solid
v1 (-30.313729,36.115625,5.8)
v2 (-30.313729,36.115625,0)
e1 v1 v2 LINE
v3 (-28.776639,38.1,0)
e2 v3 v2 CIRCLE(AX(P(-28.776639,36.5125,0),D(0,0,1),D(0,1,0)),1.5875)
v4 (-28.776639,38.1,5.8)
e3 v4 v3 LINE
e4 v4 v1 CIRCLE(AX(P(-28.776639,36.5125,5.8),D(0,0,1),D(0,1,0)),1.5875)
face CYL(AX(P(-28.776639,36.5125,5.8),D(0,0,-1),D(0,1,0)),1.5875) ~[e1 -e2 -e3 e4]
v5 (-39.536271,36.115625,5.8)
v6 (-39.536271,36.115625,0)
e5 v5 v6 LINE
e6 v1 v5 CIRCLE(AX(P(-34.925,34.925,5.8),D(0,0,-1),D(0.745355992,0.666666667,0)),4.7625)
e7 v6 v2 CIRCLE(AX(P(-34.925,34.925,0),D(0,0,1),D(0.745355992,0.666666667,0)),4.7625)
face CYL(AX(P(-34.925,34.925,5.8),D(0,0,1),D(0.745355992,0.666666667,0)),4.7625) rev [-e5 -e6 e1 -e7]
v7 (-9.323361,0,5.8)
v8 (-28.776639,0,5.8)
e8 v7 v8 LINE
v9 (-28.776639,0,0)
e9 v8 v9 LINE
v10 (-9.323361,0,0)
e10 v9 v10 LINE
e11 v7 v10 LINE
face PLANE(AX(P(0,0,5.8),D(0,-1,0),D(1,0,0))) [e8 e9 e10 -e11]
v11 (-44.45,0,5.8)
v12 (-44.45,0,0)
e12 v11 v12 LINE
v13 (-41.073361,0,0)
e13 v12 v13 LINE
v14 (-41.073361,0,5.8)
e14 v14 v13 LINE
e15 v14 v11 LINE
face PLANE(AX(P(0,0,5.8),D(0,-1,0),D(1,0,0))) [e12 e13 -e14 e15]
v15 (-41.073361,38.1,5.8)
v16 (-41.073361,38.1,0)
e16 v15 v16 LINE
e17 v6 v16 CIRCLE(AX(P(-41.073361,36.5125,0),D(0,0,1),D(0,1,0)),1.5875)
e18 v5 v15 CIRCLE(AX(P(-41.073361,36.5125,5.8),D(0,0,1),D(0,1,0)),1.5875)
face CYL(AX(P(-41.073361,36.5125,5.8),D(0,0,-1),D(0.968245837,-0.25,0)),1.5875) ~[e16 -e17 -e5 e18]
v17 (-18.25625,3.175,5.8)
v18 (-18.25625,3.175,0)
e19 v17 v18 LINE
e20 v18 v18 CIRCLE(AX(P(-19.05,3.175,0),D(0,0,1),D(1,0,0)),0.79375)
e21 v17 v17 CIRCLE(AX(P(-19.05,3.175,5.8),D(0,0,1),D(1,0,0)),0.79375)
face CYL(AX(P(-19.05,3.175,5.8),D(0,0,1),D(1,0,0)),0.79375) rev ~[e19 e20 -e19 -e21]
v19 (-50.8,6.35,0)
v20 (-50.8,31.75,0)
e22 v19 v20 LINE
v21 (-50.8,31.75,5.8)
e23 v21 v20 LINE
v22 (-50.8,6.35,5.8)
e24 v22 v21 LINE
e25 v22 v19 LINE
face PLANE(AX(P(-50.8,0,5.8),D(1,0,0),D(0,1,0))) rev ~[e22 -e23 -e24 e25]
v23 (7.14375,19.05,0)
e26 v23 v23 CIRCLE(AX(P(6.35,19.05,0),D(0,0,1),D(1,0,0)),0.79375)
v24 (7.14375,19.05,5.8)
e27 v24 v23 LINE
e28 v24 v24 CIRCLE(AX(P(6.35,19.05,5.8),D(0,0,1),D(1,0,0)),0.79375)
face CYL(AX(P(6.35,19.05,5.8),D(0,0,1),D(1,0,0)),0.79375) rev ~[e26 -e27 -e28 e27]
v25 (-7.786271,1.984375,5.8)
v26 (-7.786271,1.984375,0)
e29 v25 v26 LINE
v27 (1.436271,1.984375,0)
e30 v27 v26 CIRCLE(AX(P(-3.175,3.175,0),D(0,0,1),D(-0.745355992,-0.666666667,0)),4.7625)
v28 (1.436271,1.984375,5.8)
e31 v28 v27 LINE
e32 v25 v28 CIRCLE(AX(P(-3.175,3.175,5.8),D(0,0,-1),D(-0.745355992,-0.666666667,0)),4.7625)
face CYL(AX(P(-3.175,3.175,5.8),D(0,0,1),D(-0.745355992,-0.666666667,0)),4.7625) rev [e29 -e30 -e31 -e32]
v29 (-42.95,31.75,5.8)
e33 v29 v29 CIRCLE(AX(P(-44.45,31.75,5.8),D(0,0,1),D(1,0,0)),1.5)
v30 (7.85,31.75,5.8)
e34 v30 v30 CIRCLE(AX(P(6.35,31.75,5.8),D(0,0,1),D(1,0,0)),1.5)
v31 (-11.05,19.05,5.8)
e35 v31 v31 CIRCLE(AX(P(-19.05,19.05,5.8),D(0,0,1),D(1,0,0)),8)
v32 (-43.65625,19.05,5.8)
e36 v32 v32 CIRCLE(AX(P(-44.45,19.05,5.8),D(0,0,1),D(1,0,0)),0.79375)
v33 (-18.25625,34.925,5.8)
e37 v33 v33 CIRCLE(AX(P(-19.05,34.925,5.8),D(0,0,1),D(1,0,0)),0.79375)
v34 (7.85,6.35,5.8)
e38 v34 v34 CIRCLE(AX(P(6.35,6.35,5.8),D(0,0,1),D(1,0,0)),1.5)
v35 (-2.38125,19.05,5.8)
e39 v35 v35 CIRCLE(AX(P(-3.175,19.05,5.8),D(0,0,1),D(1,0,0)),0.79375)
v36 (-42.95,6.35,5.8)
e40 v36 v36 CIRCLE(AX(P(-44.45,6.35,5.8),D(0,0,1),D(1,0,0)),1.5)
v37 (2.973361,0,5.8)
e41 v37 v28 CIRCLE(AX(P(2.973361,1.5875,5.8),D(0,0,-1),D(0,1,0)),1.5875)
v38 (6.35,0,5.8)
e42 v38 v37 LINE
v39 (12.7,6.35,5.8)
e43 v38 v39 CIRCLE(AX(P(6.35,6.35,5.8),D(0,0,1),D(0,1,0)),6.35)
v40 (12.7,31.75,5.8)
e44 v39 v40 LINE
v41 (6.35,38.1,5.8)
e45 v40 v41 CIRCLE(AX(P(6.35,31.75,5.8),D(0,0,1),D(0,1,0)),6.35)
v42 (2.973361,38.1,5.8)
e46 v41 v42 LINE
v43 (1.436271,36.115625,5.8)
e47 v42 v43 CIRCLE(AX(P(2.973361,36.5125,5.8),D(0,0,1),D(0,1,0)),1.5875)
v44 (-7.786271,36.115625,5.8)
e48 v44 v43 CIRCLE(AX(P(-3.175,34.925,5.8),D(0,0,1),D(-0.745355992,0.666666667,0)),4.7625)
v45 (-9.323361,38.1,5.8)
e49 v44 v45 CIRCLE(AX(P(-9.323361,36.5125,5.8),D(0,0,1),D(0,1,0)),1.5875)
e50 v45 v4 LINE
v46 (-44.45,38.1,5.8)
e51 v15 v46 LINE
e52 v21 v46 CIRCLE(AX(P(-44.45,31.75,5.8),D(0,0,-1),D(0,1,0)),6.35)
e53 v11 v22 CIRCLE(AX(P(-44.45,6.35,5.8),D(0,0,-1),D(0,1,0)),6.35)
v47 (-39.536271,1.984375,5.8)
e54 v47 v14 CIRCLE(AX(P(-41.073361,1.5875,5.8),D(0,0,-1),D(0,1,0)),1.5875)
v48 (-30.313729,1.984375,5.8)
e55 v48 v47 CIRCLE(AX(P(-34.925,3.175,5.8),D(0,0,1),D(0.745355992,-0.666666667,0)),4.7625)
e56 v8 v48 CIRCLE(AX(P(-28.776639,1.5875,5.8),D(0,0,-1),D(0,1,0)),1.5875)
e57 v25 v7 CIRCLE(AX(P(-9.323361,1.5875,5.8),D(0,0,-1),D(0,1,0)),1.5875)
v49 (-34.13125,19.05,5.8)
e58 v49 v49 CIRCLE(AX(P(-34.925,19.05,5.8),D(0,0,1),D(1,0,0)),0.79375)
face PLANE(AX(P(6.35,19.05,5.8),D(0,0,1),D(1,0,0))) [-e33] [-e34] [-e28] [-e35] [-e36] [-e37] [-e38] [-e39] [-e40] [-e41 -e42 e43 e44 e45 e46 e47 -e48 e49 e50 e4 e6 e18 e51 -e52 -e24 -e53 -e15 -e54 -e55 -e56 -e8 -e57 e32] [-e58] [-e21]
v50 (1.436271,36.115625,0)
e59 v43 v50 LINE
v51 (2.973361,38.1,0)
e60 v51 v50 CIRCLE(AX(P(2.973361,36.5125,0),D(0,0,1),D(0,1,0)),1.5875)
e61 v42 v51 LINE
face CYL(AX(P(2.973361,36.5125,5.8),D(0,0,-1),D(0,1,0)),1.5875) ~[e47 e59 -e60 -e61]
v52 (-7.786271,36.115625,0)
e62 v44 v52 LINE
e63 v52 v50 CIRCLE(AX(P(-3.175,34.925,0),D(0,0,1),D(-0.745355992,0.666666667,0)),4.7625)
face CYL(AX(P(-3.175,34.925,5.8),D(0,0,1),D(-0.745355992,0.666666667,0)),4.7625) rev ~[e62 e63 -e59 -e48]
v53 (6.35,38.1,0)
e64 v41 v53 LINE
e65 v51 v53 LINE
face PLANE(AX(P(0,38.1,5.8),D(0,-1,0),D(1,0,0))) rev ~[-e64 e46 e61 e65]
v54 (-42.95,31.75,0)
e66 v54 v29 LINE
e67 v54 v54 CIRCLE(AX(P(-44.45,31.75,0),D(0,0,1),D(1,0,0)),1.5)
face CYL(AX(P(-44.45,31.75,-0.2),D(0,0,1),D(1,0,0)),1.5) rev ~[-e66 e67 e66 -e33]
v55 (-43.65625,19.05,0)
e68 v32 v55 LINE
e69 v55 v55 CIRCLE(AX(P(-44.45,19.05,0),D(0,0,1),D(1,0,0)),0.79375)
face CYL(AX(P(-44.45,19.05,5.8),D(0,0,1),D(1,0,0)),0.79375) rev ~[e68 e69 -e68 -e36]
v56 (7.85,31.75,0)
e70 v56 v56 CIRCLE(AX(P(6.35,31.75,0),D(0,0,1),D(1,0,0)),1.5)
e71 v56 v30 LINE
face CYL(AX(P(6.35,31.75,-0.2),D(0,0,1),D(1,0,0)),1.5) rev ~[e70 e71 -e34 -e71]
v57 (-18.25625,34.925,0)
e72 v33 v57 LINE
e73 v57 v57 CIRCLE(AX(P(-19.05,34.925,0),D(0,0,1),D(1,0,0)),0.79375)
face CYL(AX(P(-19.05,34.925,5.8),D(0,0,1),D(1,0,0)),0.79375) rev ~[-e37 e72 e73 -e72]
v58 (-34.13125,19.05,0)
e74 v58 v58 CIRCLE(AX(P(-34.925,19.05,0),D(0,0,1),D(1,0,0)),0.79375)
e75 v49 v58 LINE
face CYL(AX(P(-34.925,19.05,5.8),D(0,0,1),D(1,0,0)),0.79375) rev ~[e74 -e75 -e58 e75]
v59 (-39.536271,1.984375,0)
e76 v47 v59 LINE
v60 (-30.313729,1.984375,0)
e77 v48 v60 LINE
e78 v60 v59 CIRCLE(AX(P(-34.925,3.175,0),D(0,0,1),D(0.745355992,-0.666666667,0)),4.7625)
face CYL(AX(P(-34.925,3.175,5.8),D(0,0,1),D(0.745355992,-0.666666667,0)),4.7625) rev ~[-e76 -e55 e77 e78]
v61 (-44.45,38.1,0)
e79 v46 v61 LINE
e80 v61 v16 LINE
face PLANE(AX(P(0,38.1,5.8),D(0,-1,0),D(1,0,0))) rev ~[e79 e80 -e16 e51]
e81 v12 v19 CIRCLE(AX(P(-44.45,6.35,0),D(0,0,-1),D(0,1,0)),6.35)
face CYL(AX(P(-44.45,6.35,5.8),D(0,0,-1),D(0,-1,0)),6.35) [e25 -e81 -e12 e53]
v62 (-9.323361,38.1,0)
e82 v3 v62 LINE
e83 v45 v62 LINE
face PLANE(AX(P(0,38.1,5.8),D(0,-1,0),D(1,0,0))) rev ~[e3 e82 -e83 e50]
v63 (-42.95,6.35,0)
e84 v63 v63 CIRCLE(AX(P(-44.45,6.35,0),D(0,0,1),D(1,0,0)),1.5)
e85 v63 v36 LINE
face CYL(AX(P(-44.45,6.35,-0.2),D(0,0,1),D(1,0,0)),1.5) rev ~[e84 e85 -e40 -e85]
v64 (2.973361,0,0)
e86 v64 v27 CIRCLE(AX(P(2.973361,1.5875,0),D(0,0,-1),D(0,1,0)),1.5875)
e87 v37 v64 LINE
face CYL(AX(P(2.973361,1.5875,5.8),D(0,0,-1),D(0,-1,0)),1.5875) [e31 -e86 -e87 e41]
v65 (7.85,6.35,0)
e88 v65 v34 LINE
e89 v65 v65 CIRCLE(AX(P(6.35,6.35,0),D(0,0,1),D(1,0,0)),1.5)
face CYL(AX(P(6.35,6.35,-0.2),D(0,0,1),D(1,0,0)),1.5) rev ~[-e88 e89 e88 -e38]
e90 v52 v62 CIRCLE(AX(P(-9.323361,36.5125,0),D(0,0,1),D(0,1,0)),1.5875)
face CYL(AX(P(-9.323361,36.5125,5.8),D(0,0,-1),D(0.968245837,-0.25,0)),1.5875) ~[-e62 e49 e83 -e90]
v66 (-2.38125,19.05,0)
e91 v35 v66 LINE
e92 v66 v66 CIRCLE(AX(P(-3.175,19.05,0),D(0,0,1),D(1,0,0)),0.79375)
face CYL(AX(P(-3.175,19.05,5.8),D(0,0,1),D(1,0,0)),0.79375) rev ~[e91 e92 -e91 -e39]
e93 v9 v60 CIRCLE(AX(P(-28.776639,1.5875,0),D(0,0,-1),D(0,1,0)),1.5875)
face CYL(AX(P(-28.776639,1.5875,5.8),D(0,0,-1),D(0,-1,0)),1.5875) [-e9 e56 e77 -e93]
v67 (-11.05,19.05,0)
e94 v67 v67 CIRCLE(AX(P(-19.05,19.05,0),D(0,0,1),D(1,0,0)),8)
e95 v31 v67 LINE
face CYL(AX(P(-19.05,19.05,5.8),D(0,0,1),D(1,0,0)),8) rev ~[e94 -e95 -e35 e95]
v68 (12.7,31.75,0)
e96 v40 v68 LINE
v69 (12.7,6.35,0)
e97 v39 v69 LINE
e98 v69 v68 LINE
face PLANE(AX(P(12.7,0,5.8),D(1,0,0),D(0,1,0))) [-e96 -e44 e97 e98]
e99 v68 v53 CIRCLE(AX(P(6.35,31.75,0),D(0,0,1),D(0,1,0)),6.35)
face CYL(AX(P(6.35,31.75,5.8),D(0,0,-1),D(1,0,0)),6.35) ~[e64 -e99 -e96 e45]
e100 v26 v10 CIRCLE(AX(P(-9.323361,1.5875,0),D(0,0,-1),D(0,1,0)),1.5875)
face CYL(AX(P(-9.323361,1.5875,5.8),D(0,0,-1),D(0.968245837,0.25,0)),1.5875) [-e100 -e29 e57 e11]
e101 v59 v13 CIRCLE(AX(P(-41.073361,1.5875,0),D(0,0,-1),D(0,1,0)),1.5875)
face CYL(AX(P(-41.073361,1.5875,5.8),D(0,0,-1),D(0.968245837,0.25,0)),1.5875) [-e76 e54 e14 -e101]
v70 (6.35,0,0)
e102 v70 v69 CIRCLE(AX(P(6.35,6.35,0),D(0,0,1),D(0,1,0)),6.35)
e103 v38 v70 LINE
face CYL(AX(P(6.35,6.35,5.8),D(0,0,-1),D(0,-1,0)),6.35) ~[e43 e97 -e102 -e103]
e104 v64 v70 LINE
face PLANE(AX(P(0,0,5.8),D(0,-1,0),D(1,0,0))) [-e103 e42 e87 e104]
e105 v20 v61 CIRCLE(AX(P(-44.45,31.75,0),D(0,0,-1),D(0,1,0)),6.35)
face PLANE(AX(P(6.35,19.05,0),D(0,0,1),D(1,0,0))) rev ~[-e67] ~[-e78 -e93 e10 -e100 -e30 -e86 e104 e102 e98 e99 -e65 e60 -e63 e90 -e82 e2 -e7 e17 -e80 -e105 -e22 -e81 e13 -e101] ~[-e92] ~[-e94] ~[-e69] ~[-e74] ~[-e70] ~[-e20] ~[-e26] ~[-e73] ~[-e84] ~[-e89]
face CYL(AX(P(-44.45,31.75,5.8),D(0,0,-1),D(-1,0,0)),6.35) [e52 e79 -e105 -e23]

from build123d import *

# Parameters (mm, degrees)
SKETCH1_W                       = 38.1
SKETCH1_H                       = 38.1
BOSS_EXTRUDE1_DEPTH             = 5.8
SKETCH2_R                       = 8
CUT_EXTRUDE1_DEPTH              = 12.7
SKETCH4_R                       = 0.79375
CUT_EXTRUDE3_DEPTH              = 55.19280395
SKETCH6_W                       = 12.7
SKETCH6_H                       = 38.1
BOSS_EXTRUDE2_DEPTH             = 5.8
CUT_EXTRUDE2_DEPTH              = 64.764331722
M3X0_5_TAPPED_HOLE1_D           = 2.5
M3X0_5_TAPPED_HOLE1_DEPTH       = 7.5
M3X0_5_TAPPED_HOLE1_CBORE_D     = 3
M3X0_5_TAPPED_HOLE1_CBORE_DEPTH = 6
M3X0_5_TAPPED_HOLE1_TIP         = 0.751075774
SKETCH9_R                       = 0.79375
CUT_EXTRUDE4_DEPTH              = 64.764331722
FILLET1_R                       = 6.35
FILLET2_R                       = 1.5875


with BuildPart() as part:
    # Sketch1 → Boss-Extrude1 (new body)
    with BuildSketch(Plane.XY):
        with Locations((-19.05, 19.05)):
            Rectangle(SKETCH1_W, SKETCH1_H)
    extrude(amount=BOSS_EXTRUDE1_DEPTH)

    # Sketch2 → Cut-Extrude1 (cut)
    with BuildSketch(Plane.XY.offset(5.8)):
        with Locations((-19.05, 19.05)):
            Circle(SKETCH2_R)
    extrude(amount=-CUT_EXTRUDE1_DEPTH, mode=Mode.SUBTRACT)

    # Sketch4 → Cut-Extrude3 (cut, through all)
    with BuildSketch(Plane.XY.offset(5.8)):
        with Locations((-34.925, 19.05)):
            Circle(SKETCH4_R)
        with Locations((-19.05, 34.925)):
            Circle(SKETCH4_R)
        with Locations((-3.175, 19.05)):
            Circle(SKETCH4_R)
        with Locations((-19.05, 3.175)):
            Circle(SKETCH4_R)
    extrude(amount=-CUT_EXTRUDE3_DEPTH, mode=Mode.SUBTRACT)

    # Sketch6 → Boss-Extrude2 (add, through all)
    with BuildSketch(Plane.XY.offset(5.8)):
        with Locations((6.35, 19.05)):
            Rectangle(SKETCH6_W, SKETCH6_H)
        with Locations((-44.45, 19.05)):
            Rectangle(SKETCH6_W, SKETCH6_H)
    extrude(amount=-BOSS_EXTRUDE2_DEPTH)

    # Sketch3 → Cut-Extrude2 (cut, through all)
    with BuildSketch(Plane.XY.offset(5.8)):
        with BuildLine():
            Line((-38.1, 38.1), (-31.375242086, 38.1))
            ThreePointArc((-31.375242086, 38.1), (-34.925, 30.1625), (-38.474757914, 38.1))
            Line((-38.474757914, 38.1), (-38.1, 38.1))
        make_face()
        with BuildLine():
            Line((0, 38.1), (-6.724757914, 38.1))
            ThreePointArc((-6.724757914, 38.1), (-3.175, 30.1625), (0.374757914, 38.1))
            Line((0.374757914, 38.1), (0, 38.1))
        make_face()
        with BuildLine():
            Line((0, 0), (-6.724757914, 0))
            ThreePointArc((-6.724757914, 0), (-3.175, 7.9375), (0.374757914, 0))
            Line((0.374757914, 0), (0, 0))
        make_face()
        with BuildLine():
            Line((-38.1, 0), (-31.375242086, 0))
            ThreePointArc((-31.375242086, 0), (-34.925, 7.9375), (-38.474757914, 0))
            Line((-38.474757914, 0), (-38.1, 0))
        make_face()
    extrude(amount=-CUT_EXTRUDE2_DEPTH, mode=Mode.SUBTRACT)

    # M3x0.5 Tapped Hole1
    with Locations(Plane.XY.offset(5.8)):
        with Locations((-44.45, 31.75), (6.35, 31.75), (6.35, 6.35), (-44.45, 6.35)):
            CounterBoreHole(M3X0_5_TAPPED_HOLE1_D / 2, M3X0_5_TAPPED_HOLE1_CBORE_D / 2, M3X0_5_TAPPED_HOLE1_CBORE_DEPTH, depth=M3X0_5_TAPPED_HOLE1_DEPTH)
            with Locations((0, 0, -(M3X0_5_TAPPED_HOLE1_DEPTH + M3X0_5_TAPPED_HOLE1_TIP / 2))):  # 118° drill point
                Cone(0, M3X0_5_TAPPED_HOLE1_D / 2, M3X0_5_TAPPED_HOLE1_TIP, mode=Mode.SUBTRACT)

    # Sketch9 → Cut-Extrude4 (cut, through all)
    with BuildSketch(Plane.XY.offset(5.8)):
        with Locations((-44.45, 19.05)):
            Circle(SKETCH9_R)
        with Locations((6.35, 19.05)):
            Circle(SKETCH9_R)
    extrude(amount=-CUT_EXTRUDE4_DEPTH, mode=Mode.SUBTRACT)

    # Fillet1
    fillet1_edges = [part.edges().sort_by_distance(p)[0] for p in [
        (12.7, 38.1, 2.9),
        (12.7, 0, 2.9),
        (-50.8, 0, 2.9),
        (-50.8, 38.1, 2.9),
    ]]
    fillet(fillet1_edges, radius=FILLET1_R)

    # Fillet2
    fillet2_edges = [part.edges().sort_by_distance(p)[0] for p in [
        (-38.474757914, 38.1, 2.9),
        (-31.375242086, 38.1, 2.9),
        (0.374757914, 0, 2.9),
        (-6.724757914, 0, 2.9),
        (0.374757914, 38.1, 2.9),
        (-6.724757914, 38.1, 2.9),
        (-38.474757914, 0, 2.9),
        (-31.375242086, 0, 2.9),
    ]]
    fillet(fillet2_edges, radius=FILLET2_R)


solid = part.part
